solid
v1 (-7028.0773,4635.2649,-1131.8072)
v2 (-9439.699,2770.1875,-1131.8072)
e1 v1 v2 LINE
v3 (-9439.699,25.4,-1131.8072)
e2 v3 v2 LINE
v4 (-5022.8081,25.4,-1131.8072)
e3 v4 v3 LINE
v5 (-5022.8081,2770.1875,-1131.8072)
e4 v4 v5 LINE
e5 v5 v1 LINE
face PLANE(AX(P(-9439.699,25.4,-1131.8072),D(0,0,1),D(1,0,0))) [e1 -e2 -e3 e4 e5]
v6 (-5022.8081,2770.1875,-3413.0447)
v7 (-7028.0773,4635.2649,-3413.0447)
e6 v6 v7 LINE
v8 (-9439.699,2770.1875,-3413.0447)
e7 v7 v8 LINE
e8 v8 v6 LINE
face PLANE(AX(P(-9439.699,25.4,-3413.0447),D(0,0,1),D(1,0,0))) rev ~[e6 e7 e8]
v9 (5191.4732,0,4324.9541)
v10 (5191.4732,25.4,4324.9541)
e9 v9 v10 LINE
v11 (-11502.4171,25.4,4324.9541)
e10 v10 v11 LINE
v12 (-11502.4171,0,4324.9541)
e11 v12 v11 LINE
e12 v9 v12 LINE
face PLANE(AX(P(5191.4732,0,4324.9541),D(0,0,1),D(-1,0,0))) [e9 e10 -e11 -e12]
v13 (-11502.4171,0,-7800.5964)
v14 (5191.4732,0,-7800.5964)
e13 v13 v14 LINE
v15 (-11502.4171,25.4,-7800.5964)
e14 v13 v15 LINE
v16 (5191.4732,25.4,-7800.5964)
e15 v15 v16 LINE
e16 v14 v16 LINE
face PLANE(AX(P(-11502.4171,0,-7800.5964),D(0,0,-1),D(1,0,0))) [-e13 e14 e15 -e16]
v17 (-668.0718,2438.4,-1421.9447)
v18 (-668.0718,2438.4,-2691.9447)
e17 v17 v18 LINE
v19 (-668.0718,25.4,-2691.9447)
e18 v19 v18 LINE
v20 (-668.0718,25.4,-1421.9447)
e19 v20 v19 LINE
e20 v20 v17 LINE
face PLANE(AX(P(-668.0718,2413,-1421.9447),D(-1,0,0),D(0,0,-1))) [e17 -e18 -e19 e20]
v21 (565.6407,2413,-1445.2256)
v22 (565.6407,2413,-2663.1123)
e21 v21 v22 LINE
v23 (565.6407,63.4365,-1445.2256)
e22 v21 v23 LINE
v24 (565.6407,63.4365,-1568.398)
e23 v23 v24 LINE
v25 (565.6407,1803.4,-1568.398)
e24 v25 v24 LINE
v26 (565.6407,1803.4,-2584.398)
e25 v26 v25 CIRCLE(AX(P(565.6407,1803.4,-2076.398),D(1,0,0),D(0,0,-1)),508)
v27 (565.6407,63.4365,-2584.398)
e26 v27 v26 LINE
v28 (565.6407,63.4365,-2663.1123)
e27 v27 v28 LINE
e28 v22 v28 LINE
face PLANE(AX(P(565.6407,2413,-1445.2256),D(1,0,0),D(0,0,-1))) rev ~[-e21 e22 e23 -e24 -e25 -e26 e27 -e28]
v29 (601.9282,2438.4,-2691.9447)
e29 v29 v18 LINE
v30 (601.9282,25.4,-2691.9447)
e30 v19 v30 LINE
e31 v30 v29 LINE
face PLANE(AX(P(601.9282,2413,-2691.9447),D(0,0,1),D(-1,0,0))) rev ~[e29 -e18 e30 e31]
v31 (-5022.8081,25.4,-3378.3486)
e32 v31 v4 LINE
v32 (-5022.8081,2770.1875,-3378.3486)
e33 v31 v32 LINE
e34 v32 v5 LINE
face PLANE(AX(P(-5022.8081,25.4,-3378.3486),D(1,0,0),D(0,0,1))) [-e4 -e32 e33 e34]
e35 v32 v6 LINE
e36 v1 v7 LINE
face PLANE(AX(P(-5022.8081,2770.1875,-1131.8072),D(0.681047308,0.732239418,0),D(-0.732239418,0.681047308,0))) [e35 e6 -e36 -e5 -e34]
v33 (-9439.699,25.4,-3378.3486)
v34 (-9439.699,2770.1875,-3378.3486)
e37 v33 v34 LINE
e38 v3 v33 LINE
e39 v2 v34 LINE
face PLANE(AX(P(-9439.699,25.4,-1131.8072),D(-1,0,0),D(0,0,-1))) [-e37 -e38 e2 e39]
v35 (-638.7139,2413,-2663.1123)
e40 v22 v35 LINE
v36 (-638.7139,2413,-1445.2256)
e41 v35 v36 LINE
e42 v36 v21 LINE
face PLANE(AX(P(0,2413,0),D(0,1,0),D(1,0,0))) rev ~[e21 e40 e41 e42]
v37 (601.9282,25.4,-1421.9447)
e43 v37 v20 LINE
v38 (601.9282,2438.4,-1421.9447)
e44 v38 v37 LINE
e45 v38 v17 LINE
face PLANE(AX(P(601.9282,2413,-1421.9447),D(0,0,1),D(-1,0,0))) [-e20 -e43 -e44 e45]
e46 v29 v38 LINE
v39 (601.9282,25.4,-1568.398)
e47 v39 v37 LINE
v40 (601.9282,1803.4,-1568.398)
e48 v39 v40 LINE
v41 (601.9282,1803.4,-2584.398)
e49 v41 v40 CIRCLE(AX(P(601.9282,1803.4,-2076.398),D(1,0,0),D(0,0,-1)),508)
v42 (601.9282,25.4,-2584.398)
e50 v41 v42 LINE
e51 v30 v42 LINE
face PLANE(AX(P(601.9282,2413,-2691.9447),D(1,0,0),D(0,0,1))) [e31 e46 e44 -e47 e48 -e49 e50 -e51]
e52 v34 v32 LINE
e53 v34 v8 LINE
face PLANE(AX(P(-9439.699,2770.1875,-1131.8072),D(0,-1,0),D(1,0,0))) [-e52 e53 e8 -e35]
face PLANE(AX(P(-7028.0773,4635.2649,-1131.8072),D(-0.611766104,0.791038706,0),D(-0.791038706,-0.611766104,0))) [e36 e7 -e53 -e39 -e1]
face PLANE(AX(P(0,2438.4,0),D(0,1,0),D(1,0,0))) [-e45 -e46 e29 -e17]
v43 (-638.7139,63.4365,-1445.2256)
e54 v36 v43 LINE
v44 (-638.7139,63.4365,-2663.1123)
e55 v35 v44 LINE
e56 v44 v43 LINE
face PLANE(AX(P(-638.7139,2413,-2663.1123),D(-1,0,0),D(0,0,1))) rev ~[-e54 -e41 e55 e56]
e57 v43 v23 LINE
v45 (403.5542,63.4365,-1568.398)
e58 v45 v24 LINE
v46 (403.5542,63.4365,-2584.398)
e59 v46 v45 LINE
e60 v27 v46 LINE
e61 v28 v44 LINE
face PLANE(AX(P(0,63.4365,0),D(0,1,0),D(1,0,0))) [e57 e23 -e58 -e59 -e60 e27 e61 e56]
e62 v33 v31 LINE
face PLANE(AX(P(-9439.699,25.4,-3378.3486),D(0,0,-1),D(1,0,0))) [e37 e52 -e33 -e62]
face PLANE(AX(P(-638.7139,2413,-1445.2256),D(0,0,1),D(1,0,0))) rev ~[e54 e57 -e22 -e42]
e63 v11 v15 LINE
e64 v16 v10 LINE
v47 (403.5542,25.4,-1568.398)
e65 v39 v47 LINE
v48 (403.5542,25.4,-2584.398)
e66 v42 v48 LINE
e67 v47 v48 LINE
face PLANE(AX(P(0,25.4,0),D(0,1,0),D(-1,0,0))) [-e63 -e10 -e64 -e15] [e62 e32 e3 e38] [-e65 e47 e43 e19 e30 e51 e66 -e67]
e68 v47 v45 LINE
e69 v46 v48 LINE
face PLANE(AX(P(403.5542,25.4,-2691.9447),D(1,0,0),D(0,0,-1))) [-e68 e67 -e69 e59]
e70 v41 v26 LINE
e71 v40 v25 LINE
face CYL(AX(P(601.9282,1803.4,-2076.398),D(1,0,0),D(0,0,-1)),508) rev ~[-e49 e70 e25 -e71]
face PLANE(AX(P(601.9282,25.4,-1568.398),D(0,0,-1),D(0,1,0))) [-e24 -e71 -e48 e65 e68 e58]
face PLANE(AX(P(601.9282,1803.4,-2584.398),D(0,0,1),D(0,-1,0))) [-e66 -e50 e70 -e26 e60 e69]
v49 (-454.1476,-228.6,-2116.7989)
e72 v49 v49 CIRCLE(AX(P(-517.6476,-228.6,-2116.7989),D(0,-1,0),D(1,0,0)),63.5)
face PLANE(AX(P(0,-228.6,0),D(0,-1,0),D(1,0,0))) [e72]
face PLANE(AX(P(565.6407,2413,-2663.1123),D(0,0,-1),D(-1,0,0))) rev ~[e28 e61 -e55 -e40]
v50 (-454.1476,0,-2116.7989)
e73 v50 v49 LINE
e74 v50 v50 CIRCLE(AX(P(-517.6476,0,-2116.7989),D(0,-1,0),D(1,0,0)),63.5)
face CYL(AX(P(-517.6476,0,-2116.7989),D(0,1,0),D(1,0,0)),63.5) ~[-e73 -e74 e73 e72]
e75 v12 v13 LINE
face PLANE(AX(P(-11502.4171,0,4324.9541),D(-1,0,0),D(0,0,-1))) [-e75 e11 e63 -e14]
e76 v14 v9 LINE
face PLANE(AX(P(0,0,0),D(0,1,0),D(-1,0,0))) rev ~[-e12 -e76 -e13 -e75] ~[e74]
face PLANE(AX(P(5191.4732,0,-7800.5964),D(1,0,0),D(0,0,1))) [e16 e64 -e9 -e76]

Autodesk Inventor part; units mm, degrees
ref_plane "YZ Plane" through (0, 0, 0) normal (1, 0, 0) x (0, 1, 0)
ref_plane "XZ Plane" through (0, 0, 0) normal (0, 1, 0) x (-1, 0, 0)
ref_plane "XY Plane" through (0, 0, 0) normal (0, 0, 1) x (1, 0, 0)
sketch "Sketch1" plane through (0, 0, 0) normal (0, 1, 0) x (-1, 0, 0)
  line L0 (-5191.4732, 4324.9541) -> (11502.4171, 4324.9541)
  line L1 (11502.4171, 4324.9541) -> (11502.4171, -7800.5964)
  line L2 (11502.4171, -7800.5964) -> (-5191.4732, -7800.5964)
  line L3 (-5191.4732, -7800.5964) -> (-5191.4732, 4324.9541)
extrude "Extrusion1" add sketch "Sketch1" along normal blind 25.4
sketch "Sketch2" plane through (0, 0, 0) normal (0, -1, 0) x (1, 0, 0)
  circle A0 centre (-517.6476, -2116.7989) radius 63.5
  point P0 (0, 0)
  dimension "d2" = 127
extrude "Extrusion2" add sketch "Sketch2" along normal blind 228.6
sketch "Sketch3" plane through (0, 0, 0) normal (0, -1, 0) x (1, 0, 0)
  line L0 (-668.0718, -1421.9447) -> (601.9282, -1421.9447)
  line L1 (601.9282, -1421.9447) -> (601.9282, -2691.9447)
  line L2 (601.9282, -2691.9447) -> (-668.0718, -2691.9447)
  line L3 (-668.0718, -2691.9447) -> (-668.0718, -1421.9447)
  point P0 (0, 0)
  dimension "d5" = 1270
  dimension "d6" = 1270
extrude "Extrusion3" add sketch "Sketch3" against normal blind 2413
sketch "Sketch4" plane through (601.9282, 25.4, -2691.9447) normal (1, 0, 0) x (0, 0, -1)
  point P0 (-2691.9447, -25.4)
sketch "Sketch5" plane through (601.9282, 25.4, -2691.9447) normal (1, 0, 0) x (0, 0, -1)
  line L0 (-7016.8988, 0) -> (5108.6517, 0) projected
  line L1 (-107.5467, 0) -> (-1123.5467, 0)
  line L2 (-1123.5467, 0) -> (-1123.5467, 1778)
  line L3 (-107.5467, 1778) -> (-107.5467, 0)
  arc A0 (-107.5467, 1778) -> (-1123.5467, 1778) centre (-615.5467, 1778) ccw
  line L4 (-1123.5467, 0) -> (-107.5467, 0)
  point P0 (-2691.9447, -25.4)
extrude "Extrusion4" cut sketch "Sketch5" against normal blind 198.374
sketch "Sketch7" plane through (0, 2413, 0) normal (0, 1, 0) x (1, 0, 0)
  line L0 (-638.7139, 1445.2256) -> (565.6407, 1445.2256)
  line L1 (565.6407, 1445.2256) -> (565.6407, 2663.1123)
  line L2 (565.6407, 2663.1123) -> (-638.7139, 2663.1123)
  line L3 (-638.7139, 2663.1123) -> (-638.7139, 1445.2256)
  point P0 (0, 0)
extrude "Extrusion5" cut sketch "Sketch7" against normal blind 2349.5635
sketch "Sketch8" plane through (0, 2413, 0) normal (0, 1, 0) x (1, 0, 0)
  line L0 (601.9282, 2691.9447) -> (-668.0718, 2691.9447) projected
  line L1 (601.9282, 1568.398) -> (601.9282, 1421.9447) projected
  line L2 (-668.0718, 2691.9447) -> (601.9282, 2691.9447)
  line L3 (601.9282, 2691.9447) -> (601.9282, 1421.9447)
  line L4 (601.9282, 1421.9447) -> (-668.0718, 1421.9447)
  line L5 (-668.0718, 1421.9447) -> (-668.0718, 2691.9447)
  point P0 (0, 0)
extrude "Extrusion6" add sketch "Sketch8" along normal blind 25.4
sketch "Sketch9" plane through (-11502.4171, 0, -7800.5964) normal (-1, 0, 0) x (0, 0, 1)
  point P0 (7800.5964, 0)
sketch "Sketch10" plane through (0, 25.4, 0) normal (0, 1, 0) x (1, 0, 0)
  line L0 (-5022.8081, 1131.8072) -> (-9439.699, 1131.8072)
  line L1 (-9439.699, 1131.8072) -> (-9439.699, 3378.3486)
  line L2 (-9439.699, 3378.3486) -> (-5022.8081, 3378.3486)
  line L3 (-5022.8081, 3378.3486) -> (-5022.8081, 1131.8072)
  point P0 (0, 0)
extrude "Extrusion7" add sketch "Sketch10" along normal blind 2744.7875
sketch "Sketch11" plane through (-9439.699, 25.4, -1131.8072) normal (0, 0, 1) x (1, 0, 0)
  point P0 (9439.699, -25.4)
sketch "Sketch12" plane through (-9439.699, 25.4, -1131.8072) normal (0, 0, 1) x (1, 0, 0)
  line L0 (0, 0) -> (0, 2744.7875) projected
  line L1 (0, 2744.7875) -> (4416.8909, 2744.7875) projected
  line L2 (0, 2744.7875) -> (4416.8909, 2744.7875)
  line L3 (4416.8909, 2744.7875) -> (2411.6217, 4609.8649)
  line L4 (2411.6217, 4609.8649) -> (0, 2744.7875)
  point P0 (9439.699, -25.4)
extrude "Extrusion8" add sketch "Sketch12" against normal blind 2281.2375
properties part number "mock ground"
